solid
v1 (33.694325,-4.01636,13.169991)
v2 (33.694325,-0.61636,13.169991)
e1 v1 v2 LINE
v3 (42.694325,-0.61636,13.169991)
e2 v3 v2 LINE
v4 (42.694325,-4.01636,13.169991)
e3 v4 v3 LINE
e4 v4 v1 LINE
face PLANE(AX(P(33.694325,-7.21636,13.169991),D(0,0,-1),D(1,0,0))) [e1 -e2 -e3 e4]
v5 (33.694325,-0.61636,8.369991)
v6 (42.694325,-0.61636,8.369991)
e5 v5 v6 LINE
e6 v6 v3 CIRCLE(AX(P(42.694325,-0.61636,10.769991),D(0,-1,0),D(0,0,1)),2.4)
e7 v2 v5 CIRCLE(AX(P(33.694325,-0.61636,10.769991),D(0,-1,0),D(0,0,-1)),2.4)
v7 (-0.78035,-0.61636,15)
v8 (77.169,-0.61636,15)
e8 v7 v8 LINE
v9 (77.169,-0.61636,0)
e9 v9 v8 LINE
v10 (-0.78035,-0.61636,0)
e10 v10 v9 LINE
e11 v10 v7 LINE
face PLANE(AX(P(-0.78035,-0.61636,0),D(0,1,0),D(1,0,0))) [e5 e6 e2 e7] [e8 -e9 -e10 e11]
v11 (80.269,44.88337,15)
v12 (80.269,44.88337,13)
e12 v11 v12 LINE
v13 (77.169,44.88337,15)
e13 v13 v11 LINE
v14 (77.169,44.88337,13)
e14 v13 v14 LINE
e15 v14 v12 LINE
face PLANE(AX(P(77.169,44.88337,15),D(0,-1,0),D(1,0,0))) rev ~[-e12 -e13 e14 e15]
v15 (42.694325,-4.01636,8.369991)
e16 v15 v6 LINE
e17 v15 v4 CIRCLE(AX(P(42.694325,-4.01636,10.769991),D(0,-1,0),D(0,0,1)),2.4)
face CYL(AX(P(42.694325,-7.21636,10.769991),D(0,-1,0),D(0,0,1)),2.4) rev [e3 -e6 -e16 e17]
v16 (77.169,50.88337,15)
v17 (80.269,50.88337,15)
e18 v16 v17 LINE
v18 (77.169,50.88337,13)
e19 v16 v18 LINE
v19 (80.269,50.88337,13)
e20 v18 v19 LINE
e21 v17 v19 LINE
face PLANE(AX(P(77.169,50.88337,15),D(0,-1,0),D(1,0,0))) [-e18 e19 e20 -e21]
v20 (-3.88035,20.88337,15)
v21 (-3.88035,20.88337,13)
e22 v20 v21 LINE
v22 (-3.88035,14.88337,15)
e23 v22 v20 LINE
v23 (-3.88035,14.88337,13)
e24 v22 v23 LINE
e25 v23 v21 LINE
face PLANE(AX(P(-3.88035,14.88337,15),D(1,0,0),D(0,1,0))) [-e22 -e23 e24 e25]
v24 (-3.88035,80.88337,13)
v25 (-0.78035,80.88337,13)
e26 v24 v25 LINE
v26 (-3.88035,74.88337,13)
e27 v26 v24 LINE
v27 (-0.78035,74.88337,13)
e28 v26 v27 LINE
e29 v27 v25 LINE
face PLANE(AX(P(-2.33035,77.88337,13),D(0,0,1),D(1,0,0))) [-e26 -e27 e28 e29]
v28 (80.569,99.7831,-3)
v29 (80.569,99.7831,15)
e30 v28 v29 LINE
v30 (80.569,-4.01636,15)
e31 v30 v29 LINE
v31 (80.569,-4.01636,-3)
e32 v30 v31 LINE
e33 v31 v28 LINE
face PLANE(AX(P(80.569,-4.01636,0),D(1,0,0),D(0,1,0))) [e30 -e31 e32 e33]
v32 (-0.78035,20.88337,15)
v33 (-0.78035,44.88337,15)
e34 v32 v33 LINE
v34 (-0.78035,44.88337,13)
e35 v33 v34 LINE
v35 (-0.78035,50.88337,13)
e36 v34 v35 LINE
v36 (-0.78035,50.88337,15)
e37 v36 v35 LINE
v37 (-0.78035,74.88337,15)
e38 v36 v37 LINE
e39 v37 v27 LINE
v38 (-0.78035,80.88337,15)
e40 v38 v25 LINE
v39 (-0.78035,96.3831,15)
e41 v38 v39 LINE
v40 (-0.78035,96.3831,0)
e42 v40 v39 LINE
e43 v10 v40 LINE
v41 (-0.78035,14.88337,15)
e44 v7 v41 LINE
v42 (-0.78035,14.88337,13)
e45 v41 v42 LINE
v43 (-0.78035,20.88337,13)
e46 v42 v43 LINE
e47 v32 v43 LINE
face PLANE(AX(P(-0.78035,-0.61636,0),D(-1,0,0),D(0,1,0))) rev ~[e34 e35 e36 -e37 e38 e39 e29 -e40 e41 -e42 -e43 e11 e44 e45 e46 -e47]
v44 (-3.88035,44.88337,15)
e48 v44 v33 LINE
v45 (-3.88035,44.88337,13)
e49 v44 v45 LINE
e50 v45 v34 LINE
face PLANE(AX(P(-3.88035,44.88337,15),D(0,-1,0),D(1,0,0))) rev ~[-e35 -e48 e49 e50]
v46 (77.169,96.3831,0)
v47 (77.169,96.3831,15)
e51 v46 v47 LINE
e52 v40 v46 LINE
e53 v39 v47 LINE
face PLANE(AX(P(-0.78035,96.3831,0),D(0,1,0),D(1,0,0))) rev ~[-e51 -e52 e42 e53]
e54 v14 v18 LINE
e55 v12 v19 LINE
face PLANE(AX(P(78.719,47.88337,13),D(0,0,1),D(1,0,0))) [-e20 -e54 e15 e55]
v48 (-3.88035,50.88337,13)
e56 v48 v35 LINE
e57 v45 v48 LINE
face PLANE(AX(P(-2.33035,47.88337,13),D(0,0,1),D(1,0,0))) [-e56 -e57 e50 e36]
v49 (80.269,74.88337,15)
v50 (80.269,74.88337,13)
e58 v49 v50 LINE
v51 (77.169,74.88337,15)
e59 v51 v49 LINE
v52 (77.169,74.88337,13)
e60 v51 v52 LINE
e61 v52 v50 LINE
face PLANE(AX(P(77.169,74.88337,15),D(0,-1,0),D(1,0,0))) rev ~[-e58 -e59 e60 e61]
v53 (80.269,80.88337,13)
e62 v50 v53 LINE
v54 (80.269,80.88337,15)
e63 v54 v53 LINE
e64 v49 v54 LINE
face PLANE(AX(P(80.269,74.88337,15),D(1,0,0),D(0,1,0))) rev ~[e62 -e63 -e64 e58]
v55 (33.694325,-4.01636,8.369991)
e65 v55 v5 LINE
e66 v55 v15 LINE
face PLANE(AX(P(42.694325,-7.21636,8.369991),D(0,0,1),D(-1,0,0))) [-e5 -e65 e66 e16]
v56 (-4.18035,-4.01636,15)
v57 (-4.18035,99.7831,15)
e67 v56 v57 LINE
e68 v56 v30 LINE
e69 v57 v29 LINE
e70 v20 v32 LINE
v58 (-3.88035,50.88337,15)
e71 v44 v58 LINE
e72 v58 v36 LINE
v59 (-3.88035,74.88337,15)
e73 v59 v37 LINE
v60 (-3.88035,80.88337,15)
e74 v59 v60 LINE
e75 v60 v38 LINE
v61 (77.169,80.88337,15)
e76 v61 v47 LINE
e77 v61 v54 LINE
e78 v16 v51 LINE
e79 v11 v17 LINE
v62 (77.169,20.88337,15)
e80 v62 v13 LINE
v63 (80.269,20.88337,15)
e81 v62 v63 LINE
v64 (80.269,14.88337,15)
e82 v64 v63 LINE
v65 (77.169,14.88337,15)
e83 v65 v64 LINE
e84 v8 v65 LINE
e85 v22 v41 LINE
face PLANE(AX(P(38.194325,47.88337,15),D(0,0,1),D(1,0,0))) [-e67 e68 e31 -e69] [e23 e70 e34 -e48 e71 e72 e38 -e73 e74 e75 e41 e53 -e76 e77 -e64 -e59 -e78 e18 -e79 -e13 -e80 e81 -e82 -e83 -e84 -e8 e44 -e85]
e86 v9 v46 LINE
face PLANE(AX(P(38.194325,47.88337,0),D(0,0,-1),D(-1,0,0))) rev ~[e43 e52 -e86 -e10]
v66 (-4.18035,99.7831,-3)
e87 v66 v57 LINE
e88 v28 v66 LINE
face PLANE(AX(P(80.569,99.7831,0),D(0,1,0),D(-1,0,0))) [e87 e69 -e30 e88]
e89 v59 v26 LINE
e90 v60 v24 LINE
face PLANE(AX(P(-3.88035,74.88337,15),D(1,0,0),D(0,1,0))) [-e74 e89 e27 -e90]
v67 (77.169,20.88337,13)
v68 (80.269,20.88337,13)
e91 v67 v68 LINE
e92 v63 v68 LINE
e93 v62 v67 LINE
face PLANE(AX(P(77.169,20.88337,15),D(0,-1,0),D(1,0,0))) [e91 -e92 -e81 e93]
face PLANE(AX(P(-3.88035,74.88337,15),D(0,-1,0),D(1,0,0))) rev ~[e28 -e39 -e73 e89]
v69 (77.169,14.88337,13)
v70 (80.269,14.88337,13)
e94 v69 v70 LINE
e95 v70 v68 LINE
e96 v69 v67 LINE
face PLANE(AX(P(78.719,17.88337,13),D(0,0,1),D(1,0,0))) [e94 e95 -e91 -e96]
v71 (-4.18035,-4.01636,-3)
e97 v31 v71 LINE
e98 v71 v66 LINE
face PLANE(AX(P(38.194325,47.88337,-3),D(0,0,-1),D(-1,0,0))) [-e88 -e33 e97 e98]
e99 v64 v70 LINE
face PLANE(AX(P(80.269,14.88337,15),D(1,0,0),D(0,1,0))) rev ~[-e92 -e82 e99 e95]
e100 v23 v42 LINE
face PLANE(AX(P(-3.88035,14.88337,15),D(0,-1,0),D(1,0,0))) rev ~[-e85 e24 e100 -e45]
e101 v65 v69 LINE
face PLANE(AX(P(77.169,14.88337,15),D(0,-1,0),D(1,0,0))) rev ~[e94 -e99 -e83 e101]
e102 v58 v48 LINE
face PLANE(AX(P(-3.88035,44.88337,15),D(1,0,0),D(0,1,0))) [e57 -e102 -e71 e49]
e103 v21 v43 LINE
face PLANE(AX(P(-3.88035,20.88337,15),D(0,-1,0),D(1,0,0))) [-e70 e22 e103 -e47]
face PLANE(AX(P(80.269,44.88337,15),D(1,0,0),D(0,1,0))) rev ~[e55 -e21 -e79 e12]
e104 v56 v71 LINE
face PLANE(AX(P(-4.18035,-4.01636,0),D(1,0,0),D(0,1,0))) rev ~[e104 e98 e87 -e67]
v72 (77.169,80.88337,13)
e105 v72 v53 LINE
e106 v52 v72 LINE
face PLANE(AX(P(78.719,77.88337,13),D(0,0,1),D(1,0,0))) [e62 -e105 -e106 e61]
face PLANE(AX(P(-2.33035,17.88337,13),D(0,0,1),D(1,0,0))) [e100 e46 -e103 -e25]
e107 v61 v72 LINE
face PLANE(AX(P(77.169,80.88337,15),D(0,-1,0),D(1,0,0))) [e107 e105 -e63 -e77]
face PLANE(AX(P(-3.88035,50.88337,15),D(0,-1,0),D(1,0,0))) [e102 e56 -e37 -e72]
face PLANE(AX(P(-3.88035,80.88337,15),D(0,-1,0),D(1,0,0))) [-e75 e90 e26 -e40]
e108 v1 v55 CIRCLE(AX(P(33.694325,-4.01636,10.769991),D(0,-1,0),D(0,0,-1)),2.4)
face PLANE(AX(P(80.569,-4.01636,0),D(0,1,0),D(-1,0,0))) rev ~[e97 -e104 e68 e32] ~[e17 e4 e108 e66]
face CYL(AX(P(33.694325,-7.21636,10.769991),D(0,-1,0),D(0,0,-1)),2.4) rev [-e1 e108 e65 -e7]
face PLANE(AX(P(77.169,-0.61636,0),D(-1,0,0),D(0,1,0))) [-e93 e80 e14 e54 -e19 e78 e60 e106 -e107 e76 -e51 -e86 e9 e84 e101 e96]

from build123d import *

# Parameters (mm, degrees)
MODEL_W             = 84.74935
MODEL_H             = 103.79946
MODEL_W_2           = 77.94935
MODEL_H_2           = 96.99946
EXTRUDE_2_DEPTH     = 15
SKETCH_1_W          = 84.74935
SKETCH_1_H          = 103.79946
EXTRUDE_3_DEPTH     = 3
SKETCH_2_W          = 3.1
SKETCH_2_H          = 6
CUT_EXTRUDE_1_DEPTH = 2
CUT_EXTRUDE_3_DEPTH = 10


with BuildPart() as part:
    # Model → 凸台-拉伸2 (new body)
    with BuildSketch(Plane.XY):
        with Locations((38.194325, 47.88337)):
            Rectangle(MODEL_W, MODEL_H)
        with Locations((38.194325, 47.88337)):
            Rectangle(MODEL_W_2, MODEL_H_2, mode=Mode.SUBTRACT)
    extrude(amount=EXTRUDE_2_DEPTH)

    # 草图1 → 凸台-拉伸3 (add)
    with BuildSketch(Plane(origin=(0, 0, 0), x_dir=(-1, 0, 0), z_dir=(0, 0, -1))):
        with Locations((-38.194325, 47.88337)):
            Rectangle(SKETCH_1_W, SKETCH_1_H)
    extrude(amount=EXTRUDE_3_DEPTH)

    # 草图2 → 切除-拉伸1 (cut)
    with BuildSketch(Plane.XY.offset(15)):
        with Locations((-2.33035, 77.88337)):
            Rectangle(SKETCH_2_W, SKETCH_2_H)
        with Locations((-2.33035, 47.88337)):
            Rectangle(SKETCH_2_W, SKETCH_2_H)
        with Locations((-2.33035, 17.88337)):
            Rectangle(SKETCH_2_W, SKETCH_2_H)
        with Locations((78.719, 17.88337)):
            Rectangle(SKETCH_2_W, SKETCH_2_H)
        with Locations((78.719, 47.88337)):
            Rectangle(SKETCH_2_W, SKETCH_2_H)
        with Locations((78.719, 77.88337)):
            Rectangle(SKETCH_2_W, SKETCH_2_H)
    extrude(amount=-CUT_EXTRUDE_1_DEPTH, mode=Mode.SUBTRACT)

    # 草图4 → 切除-拉伸3 (cut)
    with BuildSketch(Plane.XZ.offset(7.21636)):
        with BuildLine():
            Line((33.694325, 13.169990539), (42.694325, 13.169990539))
            ThreePointArc((42.694325, 13.169990539), (45.094325, 10.769990539), (42.694325, 8.369990539))
            Line((42.694325, 8.369990539), (33.694325, 8.369990539))
            ThreePointArc((33.694325, 8.369990539), (31.294325, 10.769990539), (33.694325, 13.169990539))
        make_face()
    extrude(amount=-CUT_EXTRUDE_3_DEPTH, mode=Mode.SUBTRACT)


solid = part.part
